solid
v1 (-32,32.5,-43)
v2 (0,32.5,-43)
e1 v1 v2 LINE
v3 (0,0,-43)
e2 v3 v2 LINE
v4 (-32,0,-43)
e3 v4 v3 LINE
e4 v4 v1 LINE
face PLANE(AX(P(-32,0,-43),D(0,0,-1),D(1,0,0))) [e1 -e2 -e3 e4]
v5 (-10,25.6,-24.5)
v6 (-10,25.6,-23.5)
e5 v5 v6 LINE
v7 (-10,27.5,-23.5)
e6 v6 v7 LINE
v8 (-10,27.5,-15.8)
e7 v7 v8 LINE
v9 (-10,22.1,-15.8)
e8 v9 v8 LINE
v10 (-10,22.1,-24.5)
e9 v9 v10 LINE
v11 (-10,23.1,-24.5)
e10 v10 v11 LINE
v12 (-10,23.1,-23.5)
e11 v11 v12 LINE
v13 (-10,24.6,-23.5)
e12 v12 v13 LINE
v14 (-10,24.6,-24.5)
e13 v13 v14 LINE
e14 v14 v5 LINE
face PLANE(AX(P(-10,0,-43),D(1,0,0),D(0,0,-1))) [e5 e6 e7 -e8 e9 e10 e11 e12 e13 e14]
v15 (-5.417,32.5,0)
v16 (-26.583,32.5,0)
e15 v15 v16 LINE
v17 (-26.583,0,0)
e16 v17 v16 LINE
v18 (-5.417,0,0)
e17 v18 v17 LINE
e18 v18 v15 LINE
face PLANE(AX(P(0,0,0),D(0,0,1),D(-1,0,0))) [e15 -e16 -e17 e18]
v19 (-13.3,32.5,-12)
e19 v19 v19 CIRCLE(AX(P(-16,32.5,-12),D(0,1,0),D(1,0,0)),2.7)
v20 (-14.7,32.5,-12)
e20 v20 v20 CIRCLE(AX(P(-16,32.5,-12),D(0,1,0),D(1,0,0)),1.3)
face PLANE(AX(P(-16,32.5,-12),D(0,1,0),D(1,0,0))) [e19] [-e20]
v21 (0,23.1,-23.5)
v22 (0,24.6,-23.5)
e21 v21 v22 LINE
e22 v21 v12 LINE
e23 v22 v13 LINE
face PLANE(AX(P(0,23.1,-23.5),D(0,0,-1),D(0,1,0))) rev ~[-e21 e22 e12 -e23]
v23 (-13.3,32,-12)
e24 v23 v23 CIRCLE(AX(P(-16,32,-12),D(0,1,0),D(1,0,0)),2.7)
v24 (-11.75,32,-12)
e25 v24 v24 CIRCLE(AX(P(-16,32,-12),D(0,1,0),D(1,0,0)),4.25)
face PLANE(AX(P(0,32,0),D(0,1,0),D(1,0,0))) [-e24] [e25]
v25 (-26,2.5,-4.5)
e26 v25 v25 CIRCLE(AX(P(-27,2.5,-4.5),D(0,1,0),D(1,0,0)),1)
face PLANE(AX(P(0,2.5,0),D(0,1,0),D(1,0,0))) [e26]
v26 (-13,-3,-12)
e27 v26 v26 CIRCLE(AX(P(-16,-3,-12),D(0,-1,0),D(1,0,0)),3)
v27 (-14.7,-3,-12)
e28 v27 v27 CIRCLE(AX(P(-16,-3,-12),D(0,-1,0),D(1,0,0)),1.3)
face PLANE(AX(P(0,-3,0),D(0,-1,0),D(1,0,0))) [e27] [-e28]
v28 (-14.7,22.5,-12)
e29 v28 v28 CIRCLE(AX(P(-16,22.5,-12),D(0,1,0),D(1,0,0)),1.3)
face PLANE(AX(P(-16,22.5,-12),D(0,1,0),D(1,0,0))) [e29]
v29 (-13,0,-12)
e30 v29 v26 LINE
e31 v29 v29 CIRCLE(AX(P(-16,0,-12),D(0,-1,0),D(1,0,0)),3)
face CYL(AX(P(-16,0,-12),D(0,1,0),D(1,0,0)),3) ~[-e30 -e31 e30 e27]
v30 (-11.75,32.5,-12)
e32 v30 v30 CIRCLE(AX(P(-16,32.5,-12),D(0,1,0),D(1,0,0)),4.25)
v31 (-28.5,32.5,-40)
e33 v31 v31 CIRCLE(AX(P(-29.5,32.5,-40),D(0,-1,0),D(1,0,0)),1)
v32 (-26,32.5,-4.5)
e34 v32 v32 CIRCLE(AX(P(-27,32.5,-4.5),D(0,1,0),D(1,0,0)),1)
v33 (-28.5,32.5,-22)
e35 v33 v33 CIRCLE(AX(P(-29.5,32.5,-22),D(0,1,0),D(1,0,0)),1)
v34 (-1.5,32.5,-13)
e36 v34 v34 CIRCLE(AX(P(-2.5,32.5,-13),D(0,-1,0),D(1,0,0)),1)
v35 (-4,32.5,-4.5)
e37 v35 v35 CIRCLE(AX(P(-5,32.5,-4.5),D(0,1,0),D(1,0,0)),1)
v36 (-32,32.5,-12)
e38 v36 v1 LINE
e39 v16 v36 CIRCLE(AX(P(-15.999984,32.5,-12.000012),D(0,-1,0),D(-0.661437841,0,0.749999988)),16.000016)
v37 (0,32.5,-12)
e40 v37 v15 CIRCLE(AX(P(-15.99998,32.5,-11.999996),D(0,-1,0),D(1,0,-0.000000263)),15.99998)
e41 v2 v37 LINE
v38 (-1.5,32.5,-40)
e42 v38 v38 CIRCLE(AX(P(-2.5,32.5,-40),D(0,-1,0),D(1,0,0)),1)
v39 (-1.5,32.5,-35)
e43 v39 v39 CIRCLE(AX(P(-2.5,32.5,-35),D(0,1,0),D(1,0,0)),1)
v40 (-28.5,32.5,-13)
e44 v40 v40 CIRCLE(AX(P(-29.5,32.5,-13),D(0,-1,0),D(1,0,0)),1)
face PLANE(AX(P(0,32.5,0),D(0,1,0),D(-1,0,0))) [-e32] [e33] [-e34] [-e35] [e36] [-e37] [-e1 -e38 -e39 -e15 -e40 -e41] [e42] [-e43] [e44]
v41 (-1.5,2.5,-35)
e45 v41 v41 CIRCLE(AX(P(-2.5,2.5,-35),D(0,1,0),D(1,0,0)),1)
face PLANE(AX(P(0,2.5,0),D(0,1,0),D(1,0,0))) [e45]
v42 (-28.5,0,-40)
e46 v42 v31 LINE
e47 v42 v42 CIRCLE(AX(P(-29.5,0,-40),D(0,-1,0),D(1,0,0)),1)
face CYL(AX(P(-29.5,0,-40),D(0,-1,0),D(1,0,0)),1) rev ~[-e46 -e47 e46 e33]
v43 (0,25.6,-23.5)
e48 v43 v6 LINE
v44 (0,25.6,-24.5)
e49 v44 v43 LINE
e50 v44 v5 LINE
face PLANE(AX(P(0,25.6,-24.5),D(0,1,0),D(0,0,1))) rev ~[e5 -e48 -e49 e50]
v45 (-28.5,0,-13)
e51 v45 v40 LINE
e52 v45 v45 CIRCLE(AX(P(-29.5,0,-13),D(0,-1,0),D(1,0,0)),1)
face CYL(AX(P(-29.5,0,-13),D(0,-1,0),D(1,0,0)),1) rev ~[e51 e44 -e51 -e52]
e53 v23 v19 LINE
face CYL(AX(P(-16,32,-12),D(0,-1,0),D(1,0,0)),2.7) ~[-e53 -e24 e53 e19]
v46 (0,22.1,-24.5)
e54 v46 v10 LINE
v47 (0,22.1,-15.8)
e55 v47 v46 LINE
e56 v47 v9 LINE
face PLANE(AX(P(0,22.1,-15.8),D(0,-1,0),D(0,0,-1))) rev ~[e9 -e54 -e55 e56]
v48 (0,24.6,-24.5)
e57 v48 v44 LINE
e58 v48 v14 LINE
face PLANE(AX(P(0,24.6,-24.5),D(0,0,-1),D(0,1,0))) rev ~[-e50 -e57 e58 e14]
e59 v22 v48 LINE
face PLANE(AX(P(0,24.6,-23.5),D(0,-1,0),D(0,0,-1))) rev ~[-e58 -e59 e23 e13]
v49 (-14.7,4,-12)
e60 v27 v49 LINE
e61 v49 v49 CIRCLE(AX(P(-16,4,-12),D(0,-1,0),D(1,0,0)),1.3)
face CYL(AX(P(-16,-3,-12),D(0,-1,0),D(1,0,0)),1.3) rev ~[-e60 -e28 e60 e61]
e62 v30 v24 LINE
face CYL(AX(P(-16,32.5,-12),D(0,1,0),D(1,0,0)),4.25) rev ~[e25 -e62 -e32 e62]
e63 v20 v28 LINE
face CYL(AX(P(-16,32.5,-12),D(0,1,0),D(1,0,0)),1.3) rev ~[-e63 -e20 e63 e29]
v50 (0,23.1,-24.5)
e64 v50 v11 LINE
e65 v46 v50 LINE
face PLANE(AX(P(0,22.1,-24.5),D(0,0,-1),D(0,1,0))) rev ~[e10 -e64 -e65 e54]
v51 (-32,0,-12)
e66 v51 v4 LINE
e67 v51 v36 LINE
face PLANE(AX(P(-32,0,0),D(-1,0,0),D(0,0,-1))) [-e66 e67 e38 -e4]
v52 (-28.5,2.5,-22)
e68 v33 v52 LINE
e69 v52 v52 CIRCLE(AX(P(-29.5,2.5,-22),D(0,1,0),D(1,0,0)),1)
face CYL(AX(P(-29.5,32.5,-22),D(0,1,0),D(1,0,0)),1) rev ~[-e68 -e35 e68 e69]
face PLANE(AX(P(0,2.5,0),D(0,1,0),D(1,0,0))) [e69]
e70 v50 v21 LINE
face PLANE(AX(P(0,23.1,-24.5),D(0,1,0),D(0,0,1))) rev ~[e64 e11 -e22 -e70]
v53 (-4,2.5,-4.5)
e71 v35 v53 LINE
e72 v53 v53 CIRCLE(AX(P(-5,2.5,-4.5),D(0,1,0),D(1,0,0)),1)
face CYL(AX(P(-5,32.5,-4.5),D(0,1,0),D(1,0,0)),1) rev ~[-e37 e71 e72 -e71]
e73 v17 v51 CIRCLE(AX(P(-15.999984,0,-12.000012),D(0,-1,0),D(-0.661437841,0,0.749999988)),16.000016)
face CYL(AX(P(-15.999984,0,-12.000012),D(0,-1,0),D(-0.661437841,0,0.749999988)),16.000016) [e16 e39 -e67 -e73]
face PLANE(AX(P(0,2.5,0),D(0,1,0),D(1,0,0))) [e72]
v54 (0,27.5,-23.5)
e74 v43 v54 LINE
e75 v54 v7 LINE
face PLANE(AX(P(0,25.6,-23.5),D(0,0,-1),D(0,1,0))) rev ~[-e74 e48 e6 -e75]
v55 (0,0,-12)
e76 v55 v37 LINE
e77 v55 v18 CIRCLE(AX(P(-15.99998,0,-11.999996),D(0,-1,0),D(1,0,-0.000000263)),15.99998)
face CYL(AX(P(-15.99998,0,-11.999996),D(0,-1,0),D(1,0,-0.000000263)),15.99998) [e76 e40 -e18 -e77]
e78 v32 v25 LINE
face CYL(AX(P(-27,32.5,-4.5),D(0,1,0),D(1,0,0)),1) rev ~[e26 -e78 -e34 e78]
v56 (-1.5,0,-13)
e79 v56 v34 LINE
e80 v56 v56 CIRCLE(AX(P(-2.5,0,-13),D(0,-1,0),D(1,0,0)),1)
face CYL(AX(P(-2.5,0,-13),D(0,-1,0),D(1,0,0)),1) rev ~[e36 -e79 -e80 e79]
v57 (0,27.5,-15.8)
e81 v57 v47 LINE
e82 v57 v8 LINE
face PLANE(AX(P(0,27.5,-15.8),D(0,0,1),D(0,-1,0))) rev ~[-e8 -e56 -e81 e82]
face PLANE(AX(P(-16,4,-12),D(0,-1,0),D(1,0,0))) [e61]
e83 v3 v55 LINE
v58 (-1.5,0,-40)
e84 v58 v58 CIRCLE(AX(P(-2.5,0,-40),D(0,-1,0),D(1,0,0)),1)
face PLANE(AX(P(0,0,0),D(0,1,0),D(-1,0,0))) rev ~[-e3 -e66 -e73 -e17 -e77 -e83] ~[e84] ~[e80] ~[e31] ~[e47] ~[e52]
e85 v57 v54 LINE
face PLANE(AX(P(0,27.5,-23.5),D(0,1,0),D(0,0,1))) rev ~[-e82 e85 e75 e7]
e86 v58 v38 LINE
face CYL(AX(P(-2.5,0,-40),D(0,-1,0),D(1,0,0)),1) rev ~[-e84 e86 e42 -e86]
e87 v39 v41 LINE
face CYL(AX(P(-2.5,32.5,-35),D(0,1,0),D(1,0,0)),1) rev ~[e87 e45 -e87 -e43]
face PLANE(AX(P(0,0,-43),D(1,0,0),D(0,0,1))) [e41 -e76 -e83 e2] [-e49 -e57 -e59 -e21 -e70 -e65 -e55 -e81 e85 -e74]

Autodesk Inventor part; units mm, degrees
ref_plane "YZ Plane" through (0, 0, 0) normal (1, 0, 0) x (0, 1, 0)
ref_plane "XZ Plane" through (0, 0, 0) normal (0, 1, 0) x (-1, 0, 0)
ref_plane "XY Plane" through (0, 0, 0) normal (0, 0, 1) x (1, 0, 0)
sketch "スケッチ1" plane through (0, 0, 0) normal (0, 1, 0) x (-1, 0, 0)
  line L0 (0, 0) -> (32, 0)
  line L1 (32, 0) -> (32, -43)
  line L2 (32, -43) -> (0, -43)
  line L3 (0, -43) -> (0, 0)
  dimension "d0" = 32
  dimension "d1" = 43
extrude "押し出し1" add sketch "スケッチ1" along normal blind 32.5
sketch "スケッチ2" plane through (0, 0, 0) normal (0, -1, 0) x (1, 0, 0)
  line L0 (-32, -43) -> (-32, 0) construction
  line L1 (-32, -21.5) -> (0, -21.5) construction
  line L2 (0, 0) -> (0, -43) construction
  line L3 (-16, -21.5) -> (-16, -12) construction
  line L4 (-32, 0) -> (-32, -43) projected
  arc A0 (-26.583, 0) -> (-32, -12) centre (-16, -12) ccw
  arc A1 (0, -12) -> (-5.417, 0) centre (-16, -12) ccw
  line L5 (-32, -12) -> (-32, 0)
  line L6 (0, 0) -> (-32, 0) projected
  line L7 (-5.417, 0) -> (0, 0)
  line L8 (0, 0) -> (0, -12)
  line L9 (-32, 0) -> (-26.583, 0)
  dimension "d4" = 9.5
extrude "押し出し2" cut sketch "スケッチ2" against normal blind 32.5
sketch "スケッチ3" plane through (0, 0, 0) normal (0, -1, 0) x (1, 0, 0)
  line L0 (-32, -21.5) -> (0, -21.5) construction
  line L1 (0, -21.5) -> (0, -43) construction
  line L2 (-5.417, 0) -> (-26.583, 0) construction
  line L3 (-16, 0) -> (-16, -43) construction
  line L4 (-32, -43) -> (0, -43) construction
  line L5 (-16, -21.5) -> (-16, -13) construction
  line L6 (-16, -21.5) -> (-29.5, -21.5) construction
  circle A0 centre (-29.5, -13) radius 1
  line L7 (-16, -21.5) -> (-2.5, -21.5) construction
  circle A1 centre (-2.5, -13) radius 1
  line L8 (-16, -21.5) -> (-16, -40) construction
  circle A2 centre (-29.5, -40) radius 1
  circle A3 centre (-2.5, -40) radius 1
  point P0 (0, 0)
  dimension "d8" = 8.5
  dimension "d9" = 13.5
  dimension "d10" = 2
  dimension "d11" = 13.5
  dimension "d12" = 2
  dimension "d13" = 18.5
  dimension "d14" = 2
  dimension "d15" = 2
extrude "押し出し3" cut sketch "スケッチ3" against normal blind 32.5
sketch "スケッチ4" plane through (0, 32.5, 0) normal (0, 1, 0) x (1, 0, 0)
  line L0 (-5.417, 0) -> (-26.583, 0) construction
  line L1 (-32, 21.5) -> (0, 21.5) construction
  line L2 (0, 21.5) -> (0, 43) construction
  line L3 (-16, 0) -> (-16, 43) construction
  line L4 (-32, 43) -> (0, 43) construction
  line L5 (-16, 21.5) -> (-16, 13) construction
  line L6 (-16, 21.5) -> (-29.5, 21.5) construction
  circle A0 centre (-29.5, 13) radius 1
  line L7 (-16, 21.5) -> (-2.5, 21.5) construction
  circle A1 centre (-2.5, 13) radius 1
  line L8 (-16, 21.5) -> (-16, 40) construction
  circle A2 centre (-29.5, 40) radius 1
  circle A3 centre (-2.5, 40) radius 1
  line L9 (-29.5, 21.5) -> (-29.5, 22) construction
  line L10 (-2.5, 21.5) -> (-2.5, 35) construction
  line L11 (-16, 21.5) -> (-16, 4.5) construction
  line L12 (-16, 4.5) -> (-5, 4.5) construction
  line L13 (-16, 4.5) -> (-27, 4.5) construction
  circle A4 centre (-2.5, 35) radius 1
  circle A5 centre (-29.5, 22) radius 1
  circle A6 centre (-27, 4.5) radius 1
  circle A7 centre (-5, 4.5) radius 1
  line L14 (0, 43) -> (-32, 43) projected
  line L15 (0, 43) -> (-32, 43)
  line L16 (-32, 43) -> (-32, 12) projected
  line L17 (-32, 43) -> (-32, 12)
  line L18 (0, 12) -> (0, 43) projected
  line L19 (0, 43) -> (0, 12)
  line L20 (-26.583, 0) -> (-5.417, 0) projected
  line L21 (-5.417, 0) -> (-26.583, 0)
  arc A8 (-32, 12) -> (-26.583, 0) centre (-16, 12) ccw
  arc A9 (-5.417, 0) -> (0, 12) centre (-16, 12) ccw projected
  arc A10 (-5.417, 0) -> (0, 12) centre (-16, 12) ccw
  point P0 (0, 0)
  point P1 (0, 0)
  dimension "d26" = 0.5
  dimension "d27" = 13.5
  dimension "d28" = 17
  dimension "d29" = 11
  dimension "d30" = 11
  dimension "d31" = 2
  dimension "d32" = 2
  dimension "d33" = 2
  dimension "d34" = 2
extrude "押し出し4" cut sketch "スケッチ4" against normal blind 30 contours A4 | A5 | A6 | A7
sketch "スケッチ5" plane through (0, 0, 0) normal (0, -1, 0) x (1, 0, 0)
  line L0 (-32, -21.5) -> (0, -21.5) construction
  line L1 (0, -21.5) -> (0, -43) construction
  line L2 (-5.417, 0) -> (-26.583, 0) construction
  line L3 (-16, 0) -> (-16, -43) construction
  line L4 (-32, -43) -> (0, -43) construction
  line L5 (-16, -21.5) -> (-16, -12) construction
  line L6 (-16, -21.5) -> (-29.5, -21.5) construction
  circle A0 centre (-29.5, -13) radius 1
  line L7 (-16, -21.5) -> (-2.5, -21.5) construction
  circle A1 centre (-2.5, -13) radius 1
  line L8 (-16, -21.5) -> (-16, -40) construction
  circle A2 centre (-29.5, -40) radius 1
  circle A3 centre (-2.5, -40) radius 1
  circle A4 centre (-16, -12) radius 3
  point P0 (0, 0)
  point P1 (0, 0)
  dimension "d37" = 9.5
  dimension "d38" = 13.5
  dimension "d39" = 2
  dimension "d40" = 13.5
  dimension "d41" = 2
  dimension "d42" = 18.5
  dimension "d43" = 2
  dimension "d44" = 2
  dimension "d45" = 6
extrude "押し出し5" add sketch "スケッチ5" along normal blind 3 contours A4
sketch "スケッチ6" plane through (-16, -3, -12) normal (0, -1, 0) x (1, 0, 0)
  circle A0 centre (0, 0) radius 1.3
  point P0 (16, 12)
  dimension "d48" = 2.6
extrude "押し出し6" cut sketch "スケッチ6" against normal blind 7
sketch "スケッチ7" plane through (0, 32.5, 0) normal (0, 1, 0) x (1, 0, 0)
  line L0 (-5.417, 0) -> (-26.583, 0) construction
  line L1 (-16, 21.5) -> (-29.5, 21.5) construction
  line L2 (-16, 21.5) -> (-16, 13) construction
  line L3 (-16, 21.5) -> (-2.5, 21.5) construction
  line L4 (-32, 21.5) -> (0, 21.5) construction
  line L5 (-32, 43) -> (0, 43) construction
  line L6 (-16, 21.5) -> (-16, 40) construction
  line L7 (0, 21.5) -> (0, 43) construction
  line L8 (-16, 0) -> (-16, 43) construction
  line L9 (-29.5, 21.5) -> (-29.5, 22) construction
  line L10 (-16, 21.5) -> (-16, 12) construction
  line L11 (-16, 12) -> (-5, 12) construction
  line L12 (-16, 12) -> (-27, 12) construction
  circle A0 centre (-16, 12) radius 1.3 projected
  circle A1 centre (-16, 12) radius 4.25
  point P0 (0, 0)
  point P1 (0, 0)
  point P2 (0, 0)
  dimension "d53" = 9.5
  dimension "d60" = 8.5
extrude "押し出し7" cut sketch "スケッチ7" against normal blind 0.5 contours A0 | A1
sketch "スケッチ8" plane through (-16, 32, -12) normal (0, 1, 0) x (1, 0, 0)
  circle A0 centre (0, 0) radius 2.7
  point P0 (16, -12)
  dimension "d63" = 5.4
extrude "押し出し8" add sketch "スケッチ8" along normal blind 0.5
sketch "スケッチ9" plane through (-16, 32.5, -12) normal (0, 1, 0) x (1, 0, 0)
  circle A0 centre (0, 0) radius 1.3
  point P0 (16, -12)
  dimension "d66" = 2.6
extrude "押し出し9" cut sketch "スケッチ9" against normal blind 10
sketch "スケッチ10" plane through (0, 0, -43) normal (1, 0, 0) x (0, 0, -1)
  line L0 (0, 0) -> (0, 32.5) construction
  line L1 (0, 0) -> (-31, 0) construction
  line L2 (-21.5, 27.5) -> (-27.2, 27.5)
  line L3 (-27.2, 27.5) -> (-27.2, 24.6)
  line L4 (-27.2, 24.6) -> (-18.5, 24.6)
  line L5 (-18.5, 24.6) -> (-18.5, 25.6)
  line L6 (-18.5, 25.6) -> (-19.5, 25.6)
  line L7 (-19.5, 25.6) -> (-19.5, 27.5)
  line L8 (-19.5, 27.5) -> (-21.5, 27.5)
  line L9 (-27.2, 24.6) -> (-27.2, 22.1)
  line L10 (-27.2, 22.1) -> (-18.5, 22.1)
  line L11 (-18.5, 22.1) -> (-18.5, 23.1)
  line L12 (-18.5, 23.1) -> (-19.5, 23.1)
  line L13 (-19.5, 23.1) -> (-19.5, 24.6)
  line L14 (0, 32.5) -> (-21.5, 32.5) construction
  line L15 (-31, 32.5) -> (0, 32.5) construction
  line L16 (-21.5, 32.5) -> (-21.5, 27.5) construction
  point P0 (-43, 0)
  dimension "d72" = 2.9
  dimension "d73" = 5.7
  dimension "d74" = 8.7
  dimension "d75" = 1
  dimension "d76" = 1
  dimension "d79" = 2.5
  dimension "d80" = 1
  dimension "d81" = 1
  dimension "d85" = 21.5
  dimension "d86" = 5
extrude "押し出し11" cut sketch "スケッチ10" against normal blind 10
properties part number "Servo"
